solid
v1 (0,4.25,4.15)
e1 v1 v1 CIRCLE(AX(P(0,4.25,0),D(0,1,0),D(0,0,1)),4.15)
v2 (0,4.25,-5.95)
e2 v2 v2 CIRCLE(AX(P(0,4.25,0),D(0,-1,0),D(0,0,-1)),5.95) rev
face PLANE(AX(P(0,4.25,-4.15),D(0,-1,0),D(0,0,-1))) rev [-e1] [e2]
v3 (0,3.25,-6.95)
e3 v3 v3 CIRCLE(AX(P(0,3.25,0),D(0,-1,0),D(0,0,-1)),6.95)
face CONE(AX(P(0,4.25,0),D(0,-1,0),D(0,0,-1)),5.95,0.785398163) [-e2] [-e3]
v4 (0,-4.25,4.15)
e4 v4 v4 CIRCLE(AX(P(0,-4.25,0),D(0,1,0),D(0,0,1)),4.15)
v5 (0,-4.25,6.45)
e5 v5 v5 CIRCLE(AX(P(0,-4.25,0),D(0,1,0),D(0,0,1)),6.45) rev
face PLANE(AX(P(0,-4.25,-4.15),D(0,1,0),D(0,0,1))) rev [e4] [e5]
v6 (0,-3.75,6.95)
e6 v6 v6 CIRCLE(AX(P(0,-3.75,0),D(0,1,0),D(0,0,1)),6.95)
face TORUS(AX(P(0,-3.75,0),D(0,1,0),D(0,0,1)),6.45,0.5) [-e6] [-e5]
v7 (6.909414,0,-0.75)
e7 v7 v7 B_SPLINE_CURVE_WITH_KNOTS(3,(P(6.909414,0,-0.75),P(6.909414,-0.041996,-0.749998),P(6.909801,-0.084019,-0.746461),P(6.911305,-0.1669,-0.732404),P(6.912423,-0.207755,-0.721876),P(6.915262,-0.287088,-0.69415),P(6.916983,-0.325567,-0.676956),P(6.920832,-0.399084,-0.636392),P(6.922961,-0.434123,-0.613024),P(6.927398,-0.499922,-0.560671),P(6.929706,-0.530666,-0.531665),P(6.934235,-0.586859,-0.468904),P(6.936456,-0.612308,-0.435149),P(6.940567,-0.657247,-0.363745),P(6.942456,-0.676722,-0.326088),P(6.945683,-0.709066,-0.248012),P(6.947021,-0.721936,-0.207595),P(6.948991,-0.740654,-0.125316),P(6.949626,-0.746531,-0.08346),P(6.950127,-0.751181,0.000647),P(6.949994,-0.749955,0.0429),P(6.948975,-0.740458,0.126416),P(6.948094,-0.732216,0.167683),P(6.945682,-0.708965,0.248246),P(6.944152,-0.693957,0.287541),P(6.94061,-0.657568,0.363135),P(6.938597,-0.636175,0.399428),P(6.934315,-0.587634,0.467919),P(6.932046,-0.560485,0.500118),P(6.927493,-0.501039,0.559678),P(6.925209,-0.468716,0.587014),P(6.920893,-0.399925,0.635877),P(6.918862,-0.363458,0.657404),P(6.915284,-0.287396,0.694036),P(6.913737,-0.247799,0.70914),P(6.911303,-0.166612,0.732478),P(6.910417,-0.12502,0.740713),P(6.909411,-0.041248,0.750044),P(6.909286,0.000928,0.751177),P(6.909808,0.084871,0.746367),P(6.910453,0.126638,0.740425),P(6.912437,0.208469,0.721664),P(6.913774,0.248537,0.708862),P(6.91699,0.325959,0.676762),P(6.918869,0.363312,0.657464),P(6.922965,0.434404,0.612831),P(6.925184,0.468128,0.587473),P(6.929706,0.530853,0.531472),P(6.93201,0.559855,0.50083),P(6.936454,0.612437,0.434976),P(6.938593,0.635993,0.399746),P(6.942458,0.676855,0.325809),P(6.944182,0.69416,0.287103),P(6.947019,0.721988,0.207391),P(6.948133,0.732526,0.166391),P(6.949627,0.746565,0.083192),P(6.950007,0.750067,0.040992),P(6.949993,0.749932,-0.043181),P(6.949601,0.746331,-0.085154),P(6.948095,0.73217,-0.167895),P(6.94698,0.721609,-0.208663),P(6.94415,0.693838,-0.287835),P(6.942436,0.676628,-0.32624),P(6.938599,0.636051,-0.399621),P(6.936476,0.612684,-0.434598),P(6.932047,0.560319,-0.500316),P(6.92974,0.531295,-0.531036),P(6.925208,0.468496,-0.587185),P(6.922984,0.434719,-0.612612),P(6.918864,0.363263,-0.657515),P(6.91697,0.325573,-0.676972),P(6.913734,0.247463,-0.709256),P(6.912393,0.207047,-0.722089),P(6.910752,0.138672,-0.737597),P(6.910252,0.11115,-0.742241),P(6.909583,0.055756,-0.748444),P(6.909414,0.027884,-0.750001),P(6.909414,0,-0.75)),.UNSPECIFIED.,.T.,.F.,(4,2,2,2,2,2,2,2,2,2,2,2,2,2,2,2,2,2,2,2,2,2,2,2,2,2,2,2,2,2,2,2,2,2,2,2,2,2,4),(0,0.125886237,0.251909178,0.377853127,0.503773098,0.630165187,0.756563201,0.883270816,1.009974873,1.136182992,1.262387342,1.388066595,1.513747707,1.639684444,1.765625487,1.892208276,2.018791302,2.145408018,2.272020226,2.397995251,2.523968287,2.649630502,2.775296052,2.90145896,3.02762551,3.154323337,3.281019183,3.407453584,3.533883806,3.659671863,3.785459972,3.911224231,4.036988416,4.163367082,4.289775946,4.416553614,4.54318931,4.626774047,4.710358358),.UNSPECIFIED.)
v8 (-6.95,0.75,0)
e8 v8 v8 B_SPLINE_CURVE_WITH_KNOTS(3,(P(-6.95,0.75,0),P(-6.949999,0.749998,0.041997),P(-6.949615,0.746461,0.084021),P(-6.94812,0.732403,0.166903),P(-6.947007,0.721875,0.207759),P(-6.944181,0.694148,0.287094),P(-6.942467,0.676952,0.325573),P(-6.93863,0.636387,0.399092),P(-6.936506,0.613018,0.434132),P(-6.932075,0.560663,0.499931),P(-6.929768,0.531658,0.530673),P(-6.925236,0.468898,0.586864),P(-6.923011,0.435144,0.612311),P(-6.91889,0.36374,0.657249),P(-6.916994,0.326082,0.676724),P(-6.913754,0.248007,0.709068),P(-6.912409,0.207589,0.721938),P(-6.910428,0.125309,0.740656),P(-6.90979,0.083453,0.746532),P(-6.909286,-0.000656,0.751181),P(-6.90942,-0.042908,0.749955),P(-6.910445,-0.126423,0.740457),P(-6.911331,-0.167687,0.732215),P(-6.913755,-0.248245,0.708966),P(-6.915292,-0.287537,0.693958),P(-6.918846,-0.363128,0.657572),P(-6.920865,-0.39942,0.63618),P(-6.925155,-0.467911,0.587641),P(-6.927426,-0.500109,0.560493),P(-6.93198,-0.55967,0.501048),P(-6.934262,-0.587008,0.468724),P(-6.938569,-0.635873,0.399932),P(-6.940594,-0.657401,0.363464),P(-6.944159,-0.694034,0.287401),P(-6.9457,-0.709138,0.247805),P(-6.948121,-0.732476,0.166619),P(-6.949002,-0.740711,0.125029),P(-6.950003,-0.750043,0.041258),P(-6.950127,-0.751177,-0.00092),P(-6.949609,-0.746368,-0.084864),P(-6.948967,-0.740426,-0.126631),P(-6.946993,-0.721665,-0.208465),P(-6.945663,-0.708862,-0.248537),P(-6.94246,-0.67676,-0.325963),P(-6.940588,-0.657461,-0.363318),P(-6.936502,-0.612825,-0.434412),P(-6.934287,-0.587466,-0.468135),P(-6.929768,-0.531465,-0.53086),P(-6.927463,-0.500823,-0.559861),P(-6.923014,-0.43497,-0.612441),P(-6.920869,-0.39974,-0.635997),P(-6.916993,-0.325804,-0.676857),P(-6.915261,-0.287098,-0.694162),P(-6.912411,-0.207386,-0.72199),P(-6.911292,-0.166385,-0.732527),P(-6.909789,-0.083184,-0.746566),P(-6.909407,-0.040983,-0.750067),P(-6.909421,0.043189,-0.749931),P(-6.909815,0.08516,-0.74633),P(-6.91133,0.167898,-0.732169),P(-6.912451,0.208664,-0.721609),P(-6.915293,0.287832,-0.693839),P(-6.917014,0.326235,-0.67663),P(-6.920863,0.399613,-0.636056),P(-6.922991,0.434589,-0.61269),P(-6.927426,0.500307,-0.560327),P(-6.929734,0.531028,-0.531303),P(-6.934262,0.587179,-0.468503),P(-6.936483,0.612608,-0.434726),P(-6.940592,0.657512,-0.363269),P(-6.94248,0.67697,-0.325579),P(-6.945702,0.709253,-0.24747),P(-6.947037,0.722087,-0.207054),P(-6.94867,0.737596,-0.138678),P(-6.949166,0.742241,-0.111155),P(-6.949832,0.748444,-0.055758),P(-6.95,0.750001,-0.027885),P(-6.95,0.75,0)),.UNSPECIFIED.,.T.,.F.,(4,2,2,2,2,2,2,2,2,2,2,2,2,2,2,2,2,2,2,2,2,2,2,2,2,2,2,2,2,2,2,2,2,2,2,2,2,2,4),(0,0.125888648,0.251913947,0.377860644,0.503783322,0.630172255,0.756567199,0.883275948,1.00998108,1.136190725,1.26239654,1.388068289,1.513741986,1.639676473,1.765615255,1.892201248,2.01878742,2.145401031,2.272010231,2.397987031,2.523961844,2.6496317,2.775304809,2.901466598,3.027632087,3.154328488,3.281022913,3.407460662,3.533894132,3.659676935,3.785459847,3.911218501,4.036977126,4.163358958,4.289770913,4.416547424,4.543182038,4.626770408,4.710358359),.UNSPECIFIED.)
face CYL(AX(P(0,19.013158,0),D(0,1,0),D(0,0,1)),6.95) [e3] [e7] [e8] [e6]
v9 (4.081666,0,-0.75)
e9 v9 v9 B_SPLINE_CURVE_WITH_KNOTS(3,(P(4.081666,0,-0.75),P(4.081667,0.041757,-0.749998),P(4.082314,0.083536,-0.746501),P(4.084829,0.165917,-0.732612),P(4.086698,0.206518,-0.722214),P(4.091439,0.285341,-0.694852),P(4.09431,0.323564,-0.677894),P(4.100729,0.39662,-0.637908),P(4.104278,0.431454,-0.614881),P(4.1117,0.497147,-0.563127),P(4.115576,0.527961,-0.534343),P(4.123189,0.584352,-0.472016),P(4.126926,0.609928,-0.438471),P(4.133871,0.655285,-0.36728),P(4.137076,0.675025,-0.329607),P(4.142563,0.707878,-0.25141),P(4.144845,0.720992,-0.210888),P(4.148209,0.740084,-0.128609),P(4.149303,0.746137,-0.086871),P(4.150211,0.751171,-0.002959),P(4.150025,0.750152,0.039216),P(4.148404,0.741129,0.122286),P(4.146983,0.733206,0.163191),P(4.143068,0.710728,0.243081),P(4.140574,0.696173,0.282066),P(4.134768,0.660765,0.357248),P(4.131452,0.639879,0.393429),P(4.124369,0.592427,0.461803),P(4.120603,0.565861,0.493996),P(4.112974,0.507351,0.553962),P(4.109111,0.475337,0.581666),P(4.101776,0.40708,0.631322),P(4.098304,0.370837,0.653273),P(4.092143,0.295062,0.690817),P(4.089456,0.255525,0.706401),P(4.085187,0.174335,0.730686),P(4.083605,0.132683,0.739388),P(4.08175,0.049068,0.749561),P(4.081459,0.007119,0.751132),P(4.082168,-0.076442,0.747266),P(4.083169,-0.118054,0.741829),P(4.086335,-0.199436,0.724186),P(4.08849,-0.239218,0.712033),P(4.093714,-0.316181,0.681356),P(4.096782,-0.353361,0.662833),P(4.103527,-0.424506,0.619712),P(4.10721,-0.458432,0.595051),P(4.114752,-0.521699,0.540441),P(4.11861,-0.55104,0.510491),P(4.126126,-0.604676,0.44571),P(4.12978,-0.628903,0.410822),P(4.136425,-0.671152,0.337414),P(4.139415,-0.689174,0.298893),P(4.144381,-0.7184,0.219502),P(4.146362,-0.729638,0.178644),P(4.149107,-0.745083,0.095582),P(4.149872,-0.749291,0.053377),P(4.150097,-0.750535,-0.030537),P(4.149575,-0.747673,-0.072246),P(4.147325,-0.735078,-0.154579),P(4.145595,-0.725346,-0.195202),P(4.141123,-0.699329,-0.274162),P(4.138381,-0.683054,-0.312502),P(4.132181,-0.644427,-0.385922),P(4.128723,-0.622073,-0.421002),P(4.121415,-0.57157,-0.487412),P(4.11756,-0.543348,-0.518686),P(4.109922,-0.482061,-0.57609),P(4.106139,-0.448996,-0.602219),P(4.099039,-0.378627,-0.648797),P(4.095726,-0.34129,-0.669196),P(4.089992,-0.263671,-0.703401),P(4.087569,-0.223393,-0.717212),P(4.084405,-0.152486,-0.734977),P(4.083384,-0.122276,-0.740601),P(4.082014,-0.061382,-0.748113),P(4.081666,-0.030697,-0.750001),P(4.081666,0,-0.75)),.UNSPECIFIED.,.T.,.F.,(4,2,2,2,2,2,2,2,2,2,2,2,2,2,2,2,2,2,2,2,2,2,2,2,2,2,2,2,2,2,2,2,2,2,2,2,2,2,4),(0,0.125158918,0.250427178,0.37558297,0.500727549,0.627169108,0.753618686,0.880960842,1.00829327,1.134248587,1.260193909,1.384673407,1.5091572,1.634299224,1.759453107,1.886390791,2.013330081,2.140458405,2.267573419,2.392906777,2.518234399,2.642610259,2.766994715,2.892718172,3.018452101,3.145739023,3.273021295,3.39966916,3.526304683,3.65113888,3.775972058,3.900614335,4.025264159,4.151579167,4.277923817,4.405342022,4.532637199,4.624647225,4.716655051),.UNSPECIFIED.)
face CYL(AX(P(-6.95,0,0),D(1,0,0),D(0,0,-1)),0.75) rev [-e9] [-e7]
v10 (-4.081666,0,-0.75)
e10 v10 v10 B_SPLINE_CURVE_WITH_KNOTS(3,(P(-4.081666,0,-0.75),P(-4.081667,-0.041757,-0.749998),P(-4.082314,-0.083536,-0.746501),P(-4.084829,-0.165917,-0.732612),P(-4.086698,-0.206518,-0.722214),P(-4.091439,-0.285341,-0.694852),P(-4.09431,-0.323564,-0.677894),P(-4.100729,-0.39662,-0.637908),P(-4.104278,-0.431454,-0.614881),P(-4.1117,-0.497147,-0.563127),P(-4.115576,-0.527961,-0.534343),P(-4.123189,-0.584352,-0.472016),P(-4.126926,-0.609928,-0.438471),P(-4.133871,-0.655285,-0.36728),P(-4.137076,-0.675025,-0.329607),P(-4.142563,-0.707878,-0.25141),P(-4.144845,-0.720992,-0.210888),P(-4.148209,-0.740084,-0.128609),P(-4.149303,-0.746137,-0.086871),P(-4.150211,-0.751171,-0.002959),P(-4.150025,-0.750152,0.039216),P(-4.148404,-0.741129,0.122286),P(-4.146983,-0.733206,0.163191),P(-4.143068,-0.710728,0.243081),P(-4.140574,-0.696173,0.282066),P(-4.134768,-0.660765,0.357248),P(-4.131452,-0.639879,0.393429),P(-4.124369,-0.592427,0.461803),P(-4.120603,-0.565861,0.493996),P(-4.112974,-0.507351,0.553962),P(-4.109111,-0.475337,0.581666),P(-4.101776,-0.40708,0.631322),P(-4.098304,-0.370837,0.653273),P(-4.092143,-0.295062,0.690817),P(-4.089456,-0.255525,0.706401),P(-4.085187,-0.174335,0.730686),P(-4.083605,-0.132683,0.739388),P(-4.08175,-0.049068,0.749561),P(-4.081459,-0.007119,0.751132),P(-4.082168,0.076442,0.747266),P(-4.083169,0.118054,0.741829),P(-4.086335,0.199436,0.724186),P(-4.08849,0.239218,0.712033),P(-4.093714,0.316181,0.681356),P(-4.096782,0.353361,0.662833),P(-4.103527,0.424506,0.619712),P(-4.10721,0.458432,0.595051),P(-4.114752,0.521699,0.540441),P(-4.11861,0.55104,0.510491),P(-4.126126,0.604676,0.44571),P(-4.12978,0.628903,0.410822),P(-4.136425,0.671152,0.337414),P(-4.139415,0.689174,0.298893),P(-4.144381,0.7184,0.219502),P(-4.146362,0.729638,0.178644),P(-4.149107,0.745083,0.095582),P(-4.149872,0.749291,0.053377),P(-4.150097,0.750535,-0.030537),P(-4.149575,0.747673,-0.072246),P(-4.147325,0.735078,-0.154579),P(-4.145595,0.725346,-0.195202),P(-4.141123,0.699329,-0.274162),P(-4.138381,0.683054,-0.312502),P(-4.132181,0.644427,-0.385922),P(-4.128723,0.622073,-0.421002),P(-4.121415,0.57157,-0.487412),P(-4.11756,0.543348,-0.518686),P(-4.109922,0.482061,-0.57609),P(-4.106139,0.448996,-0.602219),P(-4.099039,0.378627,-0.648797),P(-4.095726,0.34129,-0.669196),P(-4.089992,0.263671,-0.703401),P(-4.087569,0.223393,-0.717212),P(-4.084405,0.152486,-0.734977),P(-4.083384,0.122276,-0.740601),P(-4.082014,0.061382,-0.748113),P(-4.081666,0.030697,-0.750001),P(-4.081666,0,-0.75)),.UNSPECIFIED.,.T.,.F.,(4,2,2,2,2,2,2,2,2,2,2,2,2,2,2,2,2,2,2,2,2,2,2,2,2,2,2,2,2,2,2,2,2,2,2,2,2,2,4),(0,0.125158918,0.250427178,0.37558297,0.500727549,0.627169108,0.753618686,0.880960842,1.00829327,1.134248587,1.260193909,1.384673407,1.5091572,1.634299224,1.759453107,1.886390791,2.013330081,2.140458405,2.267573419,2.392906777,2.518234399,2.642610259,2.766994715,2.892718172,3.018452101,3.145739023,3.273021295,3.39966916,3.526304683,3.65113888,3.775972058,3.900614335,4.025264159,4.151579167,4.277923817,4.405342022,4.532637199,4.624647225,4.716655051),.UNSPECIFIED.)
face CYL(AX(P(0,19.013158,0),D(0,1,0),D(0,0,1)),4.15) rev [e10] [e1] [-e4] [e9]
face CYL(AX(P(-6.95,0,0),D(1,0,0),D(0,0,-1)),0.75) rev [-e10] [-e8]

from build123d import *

# Parameters (mm, degrees)
SKETCH1_W               = 2.8
SKETCH1_H               = 8.5
CHAMFER1_SIZE           = 1
CUT_EXTRUDE1_DEPTH      = 11.70829118
CUT_EXTRUDE1_DEPTH_BACK = 11.70829118
SKETCH3_R               = 0.75
FILLET1_R               = 0.5


with BuildPart() as part:
    # Sketch1 → Revolve1 (revolve)
    with BuildSketch(Plane(origin=(0, 0, 0), x_dir=(0, 0, -1), z_dir=(1, 0, 0)), mode=Mode.PRIVATE) as revolve1_sk:
        with Locations((5.55, 0)):
            Rectangle(SKETCH1_W, SKETCH1_H)
    revolve(revolve1_sk.sketch.rotate(Axis((0, 19.013157895, 0), (0, -1, 0)), 180), axis=Axis((0, 19.013157895, 0), (0, -1, 0)))

    # Chamfer1
    chamfer1_edges = [part.edges().sort_by_distance(p)[0] for p in [
        (0, 4.25, -6.95),
    ]]
    chamfer(chamfer1_edges, length=CHAMFER1_SIZE)

    # Sketch3 → Cut-Extrude1 (cut, two sides: drawn at the far end of the back side and taken through both)
    with BuildSketch(Plane(origin=(0, 0, 0), x_dir=(0, 0, -1), z_dir=(1, 0, 0)).offset(-CUT_EXTRUDE1_DEPTH_BACK)):
        Circle(SKETCH3_R)
    extrude(amount=CUT_EXTRUDE1_DEPTH + CUT_EXTRUDE1_DEPTH_BACK, mode=Mode.SUBTRACT)

    # Fillet1
    fillet1_edges = [part.edges().sort_by_distance(p)[0] for p in [
        (0, -4.25, -6.95),
    ]]
    fillet(fillet1_edges, radius=FILLET1_R)


solid = part.part
